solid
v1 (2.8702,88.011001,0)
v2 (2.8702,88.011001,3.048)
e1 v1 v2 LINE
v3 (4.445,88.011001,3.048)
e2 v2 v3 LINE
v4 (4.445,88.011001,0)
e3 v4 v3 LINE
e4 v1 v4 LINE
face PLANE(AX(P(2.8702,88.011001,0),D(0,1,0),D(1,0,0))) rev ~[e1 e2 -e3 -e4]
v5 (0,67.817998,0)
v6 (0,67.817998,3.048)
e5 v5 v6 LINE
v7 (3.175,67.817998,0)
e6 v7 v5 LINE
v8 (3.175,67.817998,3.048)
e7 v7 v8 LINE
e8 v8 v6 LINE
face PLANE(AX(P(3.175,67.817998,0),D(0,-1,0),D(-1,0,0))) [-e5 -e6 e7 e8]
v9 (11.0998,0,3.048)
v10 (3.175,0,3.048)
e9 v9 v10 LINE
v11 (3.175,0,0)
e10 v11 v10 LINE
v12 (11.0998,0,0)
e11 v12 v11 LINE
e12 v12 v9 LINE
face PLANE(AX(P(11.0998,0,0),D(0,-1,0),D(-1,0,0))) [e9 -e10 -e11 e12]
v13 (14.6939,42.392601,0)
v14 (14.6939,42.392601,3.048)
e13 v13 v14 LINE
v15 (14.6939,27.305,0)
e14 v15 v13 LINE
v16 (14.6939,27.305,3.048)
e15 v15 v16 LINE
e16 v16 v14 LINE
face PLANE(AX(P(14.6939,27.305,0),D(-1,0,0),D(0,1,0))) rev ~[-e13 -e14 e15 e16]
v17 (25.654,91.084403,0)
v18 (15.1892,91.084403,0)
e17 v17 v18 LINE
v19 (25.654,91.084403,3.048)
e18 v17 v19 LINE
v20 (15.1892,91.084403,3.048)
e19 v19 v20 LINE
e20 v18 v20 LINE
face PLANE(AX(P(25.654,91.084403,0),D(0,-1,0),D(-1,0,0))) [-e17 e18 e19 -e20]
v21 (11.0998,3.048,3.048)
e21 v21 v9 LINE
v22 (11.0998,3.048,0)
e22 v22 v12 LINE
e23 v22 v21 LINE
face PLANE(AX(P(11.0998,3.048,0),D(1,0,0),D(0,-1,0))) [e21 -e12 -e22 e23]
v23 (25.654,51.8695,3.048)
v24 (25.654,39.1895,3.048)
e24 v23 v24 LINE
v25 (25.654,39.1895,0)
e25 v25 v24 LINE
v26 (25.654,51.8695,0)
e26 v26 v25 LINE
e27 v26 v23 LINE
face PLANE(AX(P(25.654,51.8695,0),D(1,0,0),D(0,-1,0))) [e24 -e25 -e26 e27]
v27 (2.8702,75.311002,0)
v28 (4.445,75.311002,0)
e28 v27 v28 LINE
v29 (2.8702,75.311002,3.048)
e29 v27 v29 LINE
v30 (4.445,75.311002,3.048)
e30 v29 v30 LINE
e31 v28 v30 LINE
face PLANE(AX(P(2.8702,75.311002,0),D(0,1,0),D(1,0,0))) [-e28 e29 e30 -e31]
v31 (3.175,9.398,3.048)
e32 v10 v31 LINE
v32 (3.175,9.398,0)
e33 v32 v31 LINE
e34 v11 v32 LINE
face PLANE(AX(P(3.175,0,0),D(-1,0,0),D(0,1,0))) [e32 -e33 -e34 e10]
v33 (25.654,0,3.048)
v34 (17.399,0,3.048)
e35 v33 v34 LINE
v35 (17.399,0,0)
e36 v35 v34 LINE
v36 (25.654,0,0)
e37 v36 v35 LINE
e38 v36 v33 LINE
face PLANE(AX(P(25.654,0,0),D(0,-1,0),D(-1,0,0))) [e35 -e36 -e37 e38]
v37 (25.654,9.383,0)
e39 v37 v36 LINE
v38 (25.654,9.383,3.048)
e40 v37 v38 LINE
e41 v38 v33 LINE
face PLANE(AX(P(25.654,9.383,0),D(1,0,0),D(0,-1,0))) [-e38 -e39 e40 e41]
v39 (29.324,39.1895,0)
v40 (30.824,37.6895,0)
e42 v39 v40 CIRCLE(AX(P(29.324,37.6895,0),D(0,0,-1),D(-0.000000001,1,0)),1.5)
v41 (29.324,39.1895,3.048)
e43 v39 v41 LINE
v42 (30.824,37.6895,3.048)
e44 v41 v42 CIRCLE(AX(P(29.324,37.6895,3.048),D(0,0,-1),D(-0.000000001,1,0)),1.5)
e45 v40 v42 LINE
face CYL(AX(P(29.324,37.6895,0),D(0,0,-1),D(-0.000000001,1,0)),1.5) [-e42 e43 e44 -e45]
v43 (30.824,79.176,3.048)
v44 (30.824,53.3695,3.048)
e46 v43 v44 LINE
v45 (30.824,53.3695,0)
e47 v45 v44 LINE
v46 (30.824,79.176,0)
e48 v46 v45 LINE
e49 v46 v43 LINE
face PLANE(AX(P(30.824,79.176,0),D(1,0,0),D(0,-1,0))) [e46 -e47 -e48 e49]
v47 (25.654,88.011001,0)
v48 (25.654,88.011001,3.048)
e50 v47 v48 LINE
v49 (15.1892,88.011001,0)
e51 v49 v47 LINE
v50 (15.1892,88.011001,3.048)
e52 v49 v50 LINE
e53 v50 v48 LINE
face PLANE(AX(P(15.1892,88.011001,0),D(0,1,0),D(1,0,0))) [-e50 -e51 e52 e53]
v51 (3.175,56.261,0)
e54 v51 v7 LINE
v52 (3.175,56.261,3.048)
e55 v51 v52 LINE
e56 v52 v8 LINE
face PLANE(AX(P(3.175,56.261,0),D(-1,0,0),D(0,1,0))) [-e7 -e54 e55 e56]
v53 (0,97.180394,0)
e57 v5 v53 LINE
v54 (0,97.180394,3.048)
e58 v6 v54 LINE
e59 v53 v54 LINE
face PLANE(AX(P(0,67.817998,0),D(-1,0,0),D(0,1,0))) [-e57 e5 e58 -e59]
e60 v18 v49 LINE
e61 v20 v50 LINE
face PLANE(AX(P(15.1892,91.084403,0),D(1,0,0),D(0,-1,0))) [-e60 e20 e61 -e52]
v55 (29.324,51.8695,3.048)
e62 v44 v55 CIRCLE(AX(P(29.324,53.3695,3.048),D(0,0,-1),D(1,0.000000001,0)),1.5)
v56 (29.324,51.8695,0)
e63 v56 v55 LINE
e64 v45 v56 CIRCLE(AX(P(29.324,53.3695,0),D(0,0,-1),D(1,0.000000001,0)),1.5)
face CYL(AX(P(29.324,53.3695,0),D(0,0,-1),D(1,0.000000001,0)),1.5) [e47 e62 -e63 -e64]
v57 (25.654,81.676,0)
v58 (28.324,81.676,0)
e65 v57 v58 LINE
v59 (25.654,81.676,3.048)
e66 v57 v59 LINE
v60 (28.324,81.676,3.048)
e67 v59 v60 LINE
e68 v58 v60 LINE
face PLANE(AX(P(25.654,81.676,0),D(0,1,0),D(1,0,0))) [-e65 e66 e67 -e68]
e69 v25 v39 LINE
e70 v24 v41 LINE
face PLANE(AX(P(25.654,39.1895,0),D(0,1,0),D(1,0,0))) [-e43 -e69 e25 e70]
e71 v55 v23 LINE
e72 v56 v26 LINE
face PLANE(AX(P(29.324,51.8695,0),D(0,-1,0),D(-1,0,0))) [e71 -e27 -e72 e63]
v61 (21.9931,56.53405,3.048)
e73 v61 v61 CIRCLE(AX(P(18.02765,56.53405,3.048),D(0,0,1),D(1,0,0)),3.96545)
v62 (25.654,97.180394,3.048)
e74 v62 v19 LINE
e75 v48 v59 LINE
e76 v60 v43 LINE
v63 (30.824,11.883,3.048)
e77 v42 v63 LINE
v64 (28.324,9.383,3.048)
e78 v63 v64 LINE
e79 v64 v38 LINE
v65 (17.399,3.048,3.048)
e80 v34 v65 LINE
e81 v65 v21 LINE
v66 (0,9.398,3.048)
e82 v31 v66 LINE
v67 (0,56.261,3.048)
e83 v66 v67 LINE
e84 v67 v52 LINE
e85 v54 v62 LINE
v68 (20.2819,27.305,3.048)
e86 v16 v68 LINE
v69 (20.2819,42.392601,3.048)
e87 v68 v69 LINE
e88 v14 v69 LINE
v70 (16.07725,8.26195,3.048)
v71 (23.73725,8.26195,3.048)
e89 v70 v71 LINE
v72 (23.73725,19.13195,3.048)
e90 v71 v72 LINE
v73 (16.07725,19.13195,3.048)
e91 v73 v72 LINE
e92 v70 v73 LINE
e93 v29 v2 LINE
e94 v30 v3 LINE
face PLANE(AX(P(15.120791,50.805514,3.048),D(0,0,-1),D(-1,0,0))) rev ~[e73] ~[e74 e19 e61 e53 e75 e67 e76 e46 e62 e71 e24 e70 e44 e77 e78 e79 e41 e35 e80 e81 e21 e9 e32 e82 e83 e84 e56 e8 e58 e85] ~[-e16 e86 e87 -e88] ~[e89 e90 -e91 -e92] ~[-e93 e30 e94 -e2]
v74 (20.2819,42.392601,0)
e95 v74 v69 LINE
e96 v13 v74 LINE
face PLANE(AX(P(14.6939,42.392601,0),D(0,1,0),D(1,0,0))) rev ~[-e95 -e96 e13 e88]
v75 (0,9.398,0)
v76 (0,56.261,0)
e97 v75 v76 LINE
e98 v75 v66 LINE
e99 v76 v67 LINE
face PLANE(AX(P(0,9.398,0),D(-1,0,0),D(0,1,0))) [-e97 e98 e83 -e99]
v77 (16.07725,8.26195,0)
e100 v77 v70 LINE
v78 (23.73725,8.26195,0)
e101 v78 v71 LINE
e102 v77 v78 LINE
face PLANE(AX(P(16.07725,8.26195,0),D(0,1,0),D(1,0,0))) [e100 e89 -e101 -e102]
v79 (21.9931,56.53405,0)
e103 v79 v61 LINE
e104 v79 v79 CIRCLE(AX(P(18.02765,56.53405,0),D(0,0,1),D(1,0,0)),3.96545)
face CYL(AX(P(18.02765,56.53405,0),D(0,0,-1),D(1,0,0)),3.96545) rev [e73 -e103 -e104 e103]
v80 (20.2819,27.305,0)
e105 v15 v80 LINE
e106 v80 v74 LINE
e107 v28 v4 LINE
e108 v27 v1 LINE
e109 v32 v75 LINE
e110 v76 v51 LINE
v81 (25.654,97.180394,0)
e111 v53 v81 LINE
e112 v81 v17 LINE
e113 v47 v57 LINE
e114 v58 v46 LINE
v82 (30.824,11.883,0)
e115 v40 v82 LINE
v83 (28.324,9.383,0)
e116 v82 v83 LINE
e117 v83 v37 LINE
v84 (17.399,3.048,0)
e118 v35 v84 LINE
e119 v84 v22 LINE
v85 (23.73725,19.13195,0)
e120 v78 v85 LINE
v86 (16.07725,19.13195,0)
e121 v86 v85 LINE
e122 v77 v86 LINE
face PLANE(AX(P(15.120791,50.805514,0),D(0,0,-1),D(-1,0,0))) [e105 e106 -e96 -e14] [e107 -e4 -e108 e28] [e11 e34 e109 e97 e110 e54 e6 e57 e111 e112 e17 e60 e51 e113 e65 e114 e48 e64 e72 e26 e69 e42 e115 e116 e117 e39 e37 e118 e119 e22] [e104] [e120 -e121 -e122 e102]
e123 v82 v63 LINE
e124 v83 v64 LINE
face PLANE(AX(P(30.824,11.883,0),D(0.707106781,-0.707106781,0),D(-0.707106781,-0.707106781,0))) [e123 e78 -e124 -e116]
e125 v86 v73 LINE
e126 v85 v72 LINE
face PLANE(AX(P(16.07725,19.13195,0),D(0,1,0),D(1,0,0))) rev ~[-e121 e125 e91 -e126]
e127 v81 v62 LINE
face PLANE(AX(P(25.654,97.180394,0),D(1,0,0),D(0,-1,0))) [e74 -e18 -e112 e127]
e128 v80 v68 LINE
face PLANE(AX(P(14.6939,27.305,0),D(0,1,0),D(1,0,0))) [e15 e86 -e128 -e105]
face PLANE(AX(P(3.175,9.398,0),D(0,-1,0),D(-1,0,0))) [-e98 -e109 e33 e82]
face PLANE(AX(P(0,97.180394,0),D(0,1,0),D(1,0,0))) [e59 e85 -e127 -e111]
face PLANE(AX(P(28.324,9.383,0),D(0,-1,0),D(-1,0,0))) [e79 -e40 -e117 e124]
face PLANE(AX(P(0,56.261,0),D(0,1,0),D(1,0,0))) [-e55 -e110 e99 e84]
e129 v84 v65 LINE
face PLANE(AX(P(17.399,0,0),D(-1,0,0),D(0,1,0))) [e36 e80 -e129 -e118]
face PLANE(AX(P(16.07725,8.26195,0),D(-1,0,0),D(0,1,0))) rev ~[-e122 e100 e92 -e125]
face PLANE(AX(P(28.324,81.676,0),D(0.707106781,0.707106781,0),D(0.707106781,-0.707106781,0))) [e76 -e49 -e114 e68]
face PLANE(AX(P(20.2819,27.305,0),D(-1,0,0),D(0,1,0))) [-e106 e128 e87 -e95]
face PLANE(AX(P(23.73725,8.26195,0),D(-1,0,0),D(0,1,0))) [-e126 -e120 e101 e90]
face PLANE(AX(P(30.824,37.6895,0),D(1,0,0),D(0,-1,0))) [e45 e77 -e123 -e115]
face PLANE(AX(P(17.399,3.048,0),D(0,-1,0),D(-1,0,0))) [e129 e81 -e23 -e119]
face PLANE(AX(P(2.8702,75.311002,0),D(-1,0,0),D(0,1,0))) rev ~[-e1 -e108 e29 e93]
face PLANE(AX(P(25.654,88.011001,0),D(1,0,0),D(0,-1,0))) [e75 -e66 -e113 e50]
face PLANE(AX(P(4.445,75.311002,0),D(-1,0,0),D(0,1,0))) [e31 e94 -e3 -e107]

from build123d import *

# Parameters (mm, degrees)
MODEL_R             = 3.96545
MODEL_W             = 1.574799418
MODEL_H             = 12.699998915
MODEL_W_2           = 5.587999709
MODEL_H_2           = 15.087600797
MODEL_W_3           = 7.66
MODEL_H_3           = 10.87
BOSS_EXTRUDE1_DEPTH = 3.048


with BuildPart() as part:
    # Model → Boss-Extrude1 (new body)
    with BuildSketch(Plane.XY):
        with BuildLine():
            Line((25.653999648, 91.084402986), (15.189199708, 91.084402986))
            Line((15.189199708, 91.084402986), (15.189199708, 88.011001237))
            Line((15.189199708, 88.011001237), (25.653999648, 88.011001237))
            Line((25.653999648, 88.011001237), (25.653999648, 81.675999849))
            Line((25.653999648, 81.675999849), (28.323999648, 81.675999849))
            Line((28.323999648, 81.675999849), (30.823999648, 79.175999849))
            Line((30.823999648, 79.175999849), (30.823999648, 53.369499849))
            ThreePointArc((30.823999648, 53.369499849), (30.38465982, 52.308839677), (29.323999648, 51.869499849))
            Line((29.323999648, 51.869499849), (25.653999648, 51.869499849))
            Line((25.653999648, 51.869499849), (25.653999648, 39.189499849))
            Line((25.653999648, 39.189499849), (29.323999648, 39.189499849))
            ThreePointArc((29.323999648, 39.189499849), (30.38465982, 38.750160021), (30.823999648, 37.689499849))
            Line((30.823999648, 37.689499849), (30.823999648, 11.882999849))
            Line((30.823999648, 11.882999849), (28.323999648, 9.382999849))
            Line((28.323999648, 9.382999849), (25.653999648, 9.382999849))
            Line((25.653999648, 9.382999849), (25.653999648, 0))
            Line((25.653999648, 0), (17.399000004, 0))
            Line((17.399000004, 0), (17.399000004, 3.047999926))
            Line((17.399000004, 3.047999926), (11.099800467, 3.047999926))
            Line((11.099800467, 3.047999926), (11.099800467, 0))
            Line((11.099800467, 0), (3.174999729, 0))
            Line((3.174999729, 0), (3.174999729, 9.397999849))
            Line((3.174999729, 9.397999849), (0, 9.397999849))
            Line((0, 9.397999849), (0, 56.261000223))
            Line((0, 56.261000223), (3.174999729, 56.261000223))
            Line((3.174999729, 56.261000223), (3.174999729, 67.817998119))
            Line((3.174999729, 67.817998119), (0, 67.817998119))
            Line((0, 67.817998119), (0, 97.180393524))
            Line((0, 97.180393524), (25.653999648, 97.180393524))
            Line((25.653999648, 97.180393524), (25.653999648, 91.084402986))
        make_face()
        with Locations((18.027649688, 56.534049926)):
            Circle(MODEL_R, mode=Mode.SUBTRACT)
        with Locations((3.657599911, 81.661001779)):
            Rectangle(MODEL_W, MODEL_H, mode=Mode.SUBTRACT)
        with Locations((17.487899866, 34.848800861)):
            Rectangle(MODEL_W_2, MODEL_H_2, mode=Mode.SUBTRACT)
        with Locations((19.907249836, 13.696949929)):
            Rectangle(MODEL_W_3, MODEL_H_3, mode=Mode.SUBTRACT)
    extrude(amount=BOSS_EXTRUDE1_DEPTH)


solid = part.part
